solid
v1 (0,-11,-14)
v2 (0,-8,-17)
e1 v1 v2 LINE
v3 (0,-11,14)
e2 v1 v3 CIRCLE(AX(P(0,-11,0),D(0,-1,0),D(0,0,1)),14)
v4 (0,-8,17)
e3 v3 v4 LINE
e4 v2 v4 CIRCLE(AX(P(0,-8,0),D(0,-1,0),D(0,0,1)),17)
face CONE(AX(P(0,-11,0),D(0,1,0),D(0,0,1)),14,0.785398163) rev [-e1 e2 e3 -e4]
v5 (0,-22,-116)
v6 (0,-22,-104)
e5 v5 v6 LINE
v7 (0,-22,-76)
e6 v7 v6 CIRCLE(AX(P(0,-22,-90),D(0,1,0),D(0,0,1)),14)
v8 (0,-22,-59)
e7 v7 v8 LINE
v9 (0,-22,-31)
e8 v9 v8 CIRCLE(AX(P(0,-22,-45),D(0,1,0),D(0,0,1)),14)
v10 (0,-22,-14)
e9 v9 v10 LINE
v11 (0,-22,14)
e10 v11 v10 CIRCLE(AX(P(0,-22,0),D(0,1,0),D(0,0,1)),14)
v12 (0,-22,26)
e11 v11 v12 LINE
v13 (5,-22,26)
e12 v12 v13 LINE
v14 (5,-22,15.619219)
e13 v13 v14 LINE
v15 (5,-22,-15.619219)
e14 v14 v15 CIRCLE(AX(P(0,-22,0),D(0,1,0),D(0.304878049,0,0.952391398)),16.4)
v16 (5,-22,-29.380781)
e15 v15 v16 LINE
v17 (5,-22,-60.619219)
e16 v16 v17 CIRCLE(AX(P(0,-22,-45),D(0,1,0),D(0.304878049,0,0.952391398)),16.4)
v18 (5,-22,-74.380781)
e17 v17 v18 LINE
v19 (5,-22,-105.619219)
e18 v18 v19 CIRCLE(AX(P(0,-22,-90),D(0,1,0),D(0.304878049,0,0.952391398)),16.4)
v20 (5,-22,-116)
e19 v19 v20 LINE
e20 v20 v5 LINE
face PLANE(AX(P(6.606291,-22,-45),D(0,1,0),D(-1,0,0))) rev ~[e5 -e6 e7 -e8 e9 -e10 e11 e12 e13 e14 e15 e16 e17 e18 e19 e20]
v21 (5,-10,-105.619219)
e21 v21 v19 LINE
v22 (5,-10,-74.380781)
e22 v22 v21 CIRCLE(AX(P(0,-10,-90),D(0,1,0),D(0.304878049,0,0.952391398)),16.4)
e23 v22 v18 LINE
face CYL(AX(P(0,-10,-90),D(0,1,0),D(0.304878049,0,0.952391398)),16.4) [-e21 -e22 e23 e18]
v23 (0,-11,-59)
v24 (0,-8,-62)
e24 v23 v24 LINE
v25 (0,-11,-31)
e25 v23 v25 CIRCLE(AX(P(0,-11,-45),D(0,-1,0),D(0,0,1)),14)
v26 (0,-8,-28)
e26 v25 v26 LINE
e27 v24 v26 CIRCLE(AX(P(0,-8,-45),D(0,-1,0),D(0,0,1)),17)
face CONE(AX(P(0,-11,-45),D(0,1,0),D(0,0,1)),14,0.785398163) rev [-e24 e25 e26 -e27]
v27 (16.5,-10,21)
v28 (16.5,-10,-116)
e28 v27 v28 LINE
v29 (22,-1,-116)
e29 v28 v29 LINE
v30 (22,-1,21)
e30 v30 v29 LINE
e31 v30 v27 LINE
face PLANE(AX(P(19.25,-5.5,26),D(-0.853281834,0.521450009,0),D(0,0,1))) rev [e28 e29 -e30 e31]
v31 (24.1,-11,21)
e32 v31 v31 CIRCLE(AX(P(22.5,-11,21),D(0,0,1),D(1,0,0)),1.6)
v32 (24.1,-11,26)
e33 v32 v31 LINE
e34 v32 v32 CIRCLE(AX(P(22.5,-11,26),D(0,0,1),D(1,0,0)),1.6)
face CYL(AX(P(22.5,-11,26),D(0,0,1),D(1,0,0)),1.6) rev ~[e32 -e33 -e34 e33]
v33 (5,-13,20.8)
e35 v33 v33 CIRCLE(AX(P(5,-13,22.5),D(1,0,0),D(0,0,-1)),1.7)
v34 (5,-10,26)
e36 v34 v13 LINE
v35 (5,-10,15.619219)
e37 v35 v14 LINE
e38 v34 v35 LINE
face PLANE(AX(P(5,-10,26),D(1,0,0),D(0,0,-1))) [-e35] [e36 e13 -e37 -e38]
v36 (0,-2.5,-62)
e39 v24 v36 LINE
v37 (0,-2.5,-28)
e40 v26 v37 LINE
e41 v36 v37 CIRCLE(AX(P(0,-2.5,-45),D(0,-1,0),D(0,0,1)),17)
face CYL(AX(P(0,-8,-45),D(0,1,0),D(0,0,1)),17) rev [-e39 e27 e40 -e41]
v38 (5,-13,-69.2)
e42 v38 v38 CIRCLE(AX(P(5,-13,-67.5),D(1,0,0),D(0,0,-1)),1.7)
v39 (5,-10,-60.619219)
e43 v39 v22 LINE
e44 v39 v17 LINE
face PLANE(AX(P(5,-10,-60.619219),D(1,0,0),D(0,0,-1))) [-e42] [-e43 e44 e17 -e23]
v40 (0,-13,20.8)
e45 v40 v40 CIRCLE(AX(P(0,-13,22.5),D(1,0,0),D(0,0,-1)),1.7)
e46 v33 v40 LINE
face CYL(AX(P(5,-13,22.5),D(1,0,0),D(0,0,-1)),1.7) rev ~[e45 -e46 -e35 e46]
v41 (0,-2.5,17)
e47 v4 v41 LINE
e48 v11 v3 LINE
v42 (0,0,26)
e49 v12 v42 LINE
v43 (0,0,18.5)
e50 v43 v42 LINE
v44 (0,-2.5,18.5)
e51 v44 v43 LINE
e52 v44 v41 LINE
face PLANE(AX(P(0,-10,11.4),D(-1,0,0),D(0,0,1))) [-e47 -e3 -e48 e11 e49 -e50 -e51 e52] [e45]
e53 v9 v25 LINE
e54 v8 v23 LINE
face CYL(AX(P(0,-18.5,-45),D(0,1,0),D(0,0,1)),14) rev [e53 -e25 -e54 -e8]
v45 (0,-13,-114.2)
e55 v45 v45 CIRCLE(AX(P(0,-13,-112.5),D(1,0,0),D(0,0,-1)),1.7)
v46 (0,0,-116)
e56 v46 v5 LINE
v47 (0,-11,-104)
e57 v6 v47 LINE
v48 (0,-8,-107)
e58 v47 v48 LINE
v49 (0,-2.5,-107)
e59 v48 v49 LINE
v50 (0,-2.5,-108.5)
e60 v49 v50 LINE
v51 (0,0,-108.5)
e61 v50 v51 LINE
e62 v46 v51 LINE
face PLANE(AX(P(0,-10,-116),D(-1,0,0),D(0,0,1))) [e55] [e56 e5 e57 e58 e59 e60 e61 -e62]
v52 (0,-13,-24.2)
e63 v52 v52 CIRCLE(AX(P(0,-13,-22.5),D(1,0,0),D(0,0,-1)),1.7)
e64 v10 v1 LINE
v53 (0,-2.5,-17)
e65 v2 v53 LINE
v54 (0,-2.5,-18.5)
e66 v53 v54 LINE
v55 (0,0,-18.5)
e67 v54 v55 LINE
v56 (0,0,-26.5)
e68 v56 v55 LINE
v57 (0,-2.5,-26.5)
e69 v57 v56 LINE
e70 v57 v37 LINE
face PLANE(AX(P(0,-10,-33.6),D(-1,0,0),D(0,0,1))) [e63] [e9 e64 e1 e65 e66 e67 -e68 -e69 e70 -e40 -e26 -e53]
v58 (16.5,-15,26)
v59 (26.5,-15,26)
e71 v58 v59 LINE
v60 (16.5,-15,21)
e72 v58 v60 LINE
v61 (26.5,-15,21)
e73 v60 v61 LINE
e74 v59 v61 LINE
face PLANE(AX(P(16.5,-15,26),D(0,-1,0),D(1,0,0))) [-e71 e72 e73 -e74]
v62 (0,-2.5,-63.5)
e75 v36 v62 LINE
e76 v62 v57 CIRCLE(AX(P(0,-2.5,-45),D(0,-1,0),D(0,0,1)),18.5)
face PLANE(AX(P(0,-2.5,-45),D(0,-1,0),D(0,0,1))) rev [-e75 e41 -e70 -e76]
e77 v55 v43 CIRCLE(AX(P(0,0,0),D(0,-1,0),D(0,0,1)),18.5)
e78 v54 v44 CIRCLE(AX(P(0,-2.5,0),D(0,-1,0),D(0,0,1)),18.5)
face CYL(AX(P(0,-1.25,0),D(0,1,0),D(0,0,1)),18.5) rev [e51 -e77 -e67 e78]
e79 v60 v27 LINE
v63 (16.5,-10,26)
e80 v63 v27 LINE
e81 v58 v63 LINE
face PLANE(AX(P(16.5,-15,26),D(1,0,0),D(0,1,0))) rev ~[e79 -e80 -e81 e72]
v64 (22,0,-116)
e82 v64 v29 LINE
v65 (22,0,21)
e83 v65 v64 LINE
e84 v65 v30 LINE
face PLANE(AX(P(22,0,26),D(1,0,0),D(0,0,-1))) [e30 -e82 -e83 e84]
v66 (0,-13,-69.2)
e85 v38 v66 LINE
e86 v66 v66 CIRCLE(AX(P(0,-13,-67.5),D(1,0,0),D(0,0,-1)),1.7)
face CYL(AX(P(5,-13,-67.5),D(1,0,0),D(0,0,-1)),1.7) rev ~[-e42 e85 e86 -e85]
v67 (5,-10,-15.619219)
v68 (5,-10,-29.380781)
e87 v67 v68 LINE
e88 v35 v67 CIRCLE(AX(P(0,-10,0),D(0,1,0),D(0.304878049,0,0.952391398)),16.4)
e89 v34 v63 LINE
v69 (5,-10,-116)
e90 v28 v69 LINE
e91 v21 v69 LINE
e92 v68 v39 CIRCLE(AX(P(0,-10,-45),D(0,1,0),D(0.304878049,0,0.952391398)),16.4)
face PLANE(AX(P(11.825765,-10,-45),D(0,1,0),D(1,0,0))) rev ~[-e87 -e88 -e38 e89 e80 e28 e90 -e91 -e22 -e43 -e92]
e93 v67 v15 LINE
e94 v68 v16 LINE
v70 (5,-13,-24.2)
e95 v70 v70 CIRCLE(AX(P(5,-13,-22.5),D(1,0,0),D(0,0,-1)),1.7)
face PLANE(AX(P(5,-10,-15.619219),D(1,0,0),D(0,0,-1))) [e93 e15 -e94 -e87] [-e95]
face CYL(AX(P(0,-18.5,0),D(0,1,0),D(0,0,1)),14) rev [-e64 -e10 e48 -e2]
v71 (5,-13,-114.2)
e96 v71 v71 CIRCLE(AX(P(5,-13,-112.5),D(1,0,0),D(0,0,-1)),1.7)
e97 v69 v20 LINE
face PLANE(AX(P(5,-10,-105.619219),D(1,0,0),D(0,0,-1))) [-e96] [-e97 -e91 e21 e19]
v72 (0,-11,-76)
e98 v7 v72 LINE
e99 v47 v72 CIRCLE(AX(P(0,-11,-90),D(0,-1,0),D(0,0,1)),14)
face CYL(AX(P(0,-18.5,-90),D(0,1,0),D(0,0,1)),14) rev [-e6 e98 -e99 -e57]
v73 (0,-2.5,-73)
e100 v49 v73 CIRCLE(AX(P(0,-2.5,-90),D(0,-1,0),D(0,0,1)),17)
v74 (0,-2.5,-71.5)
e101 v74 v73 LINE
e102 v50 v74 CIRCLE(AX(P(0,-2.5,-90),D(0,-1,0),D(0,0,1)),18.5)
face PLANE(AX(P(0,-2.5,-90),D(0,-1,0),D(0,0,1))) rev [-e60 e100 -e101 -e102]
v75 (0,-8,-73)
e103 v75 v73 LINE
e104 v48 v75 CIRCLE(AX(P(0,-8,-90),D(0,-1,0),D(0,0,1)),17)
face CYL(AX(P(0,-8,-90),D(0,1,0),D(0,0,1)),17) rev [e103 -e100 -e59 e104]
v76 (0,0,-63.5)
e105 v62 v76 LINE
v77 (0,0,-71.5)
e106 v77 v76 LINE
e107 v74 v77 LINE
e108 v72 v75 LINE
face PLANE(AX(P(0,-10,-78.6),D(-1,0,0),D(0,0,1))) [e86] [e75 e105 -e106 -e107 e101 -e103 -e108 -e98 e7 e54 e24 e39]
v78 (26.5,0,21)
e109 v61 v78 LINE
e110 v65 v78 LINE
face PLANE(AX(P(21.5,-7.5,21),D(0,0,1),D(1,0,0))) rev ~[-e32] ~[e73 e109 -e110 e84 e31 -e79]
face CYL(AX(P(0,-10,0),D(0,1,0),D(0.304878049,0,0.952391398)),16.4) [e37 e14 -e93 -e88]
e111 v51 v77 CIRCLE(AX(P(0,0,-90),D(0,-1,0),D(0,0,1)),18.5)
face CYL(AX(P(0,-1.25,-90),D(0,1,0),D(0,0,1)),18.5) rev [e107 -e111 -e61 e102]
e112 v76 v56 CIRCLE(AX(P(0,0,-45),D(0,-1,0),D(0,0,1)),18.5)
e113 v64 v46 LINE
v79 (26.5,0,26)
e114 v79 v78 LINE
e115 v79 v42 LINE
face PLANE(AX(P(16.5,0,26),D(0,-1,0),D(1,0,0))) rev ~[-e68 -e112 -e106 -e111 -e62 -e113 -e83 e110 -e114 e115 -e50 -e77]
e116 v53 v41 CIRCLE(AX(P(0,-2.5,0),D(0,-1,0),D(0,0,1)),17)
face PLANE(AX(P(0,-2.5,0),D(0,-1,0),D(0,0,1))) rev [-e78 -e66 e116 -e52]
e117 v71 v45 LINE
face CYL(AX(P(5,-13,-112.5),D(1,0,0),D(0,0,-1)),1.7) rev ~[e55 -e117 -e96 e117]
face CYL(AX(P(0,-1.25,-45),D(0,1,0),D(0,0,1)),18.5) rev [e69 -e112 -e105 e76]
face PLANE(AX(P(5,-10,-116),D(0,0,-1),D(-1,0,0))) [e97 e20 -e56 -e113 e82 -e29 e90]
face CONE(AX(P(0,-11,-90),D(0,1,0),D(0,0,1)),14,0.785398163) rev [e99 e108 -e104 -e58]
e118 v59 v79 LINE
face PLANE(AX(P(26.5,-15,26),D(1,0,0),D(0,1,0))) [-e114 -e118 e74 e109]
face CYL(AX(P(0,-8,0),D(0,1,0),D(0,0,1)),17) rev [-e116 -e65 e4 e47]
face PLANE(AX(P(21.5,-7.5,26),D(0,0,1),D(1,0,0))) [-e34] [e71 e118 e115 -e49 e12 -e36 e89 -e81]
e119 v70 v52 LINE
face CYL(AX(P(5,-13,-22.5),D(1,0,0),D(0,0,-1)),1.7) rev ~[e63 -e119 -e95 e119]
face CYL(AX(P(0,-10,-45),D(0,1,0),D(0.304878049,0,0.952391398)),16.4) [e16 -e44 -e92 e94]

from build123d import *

# Parameters (mm, degrees)
BOSS_EXTRUDE1_DEPTH = 10
BOSS_EXTRUDE2_DEPTH = 12
CHAMFER2_SIZE       = 5.5
CHAMFER2_SIZE2      = 9
SKETCH6_W           = 14
SKETCH6_H           = 15
SKETCH6_W_2         = 17
SKETCH6_H_2         = 2.5
SKETCH6_W_3         = 1.5
LPATTERN3_COUNT     = 3
LPATTERN3_PITCH     = 45
SKETCH7_R           = 1.7
CUT_EXTRUDE1_DEPTH  = 10
LPATTERN4_COUNT     = 3
LPATTERN4_PITCH     = 45
LPATTERN5_COUNT     = 2
LPATTERN5_PITCH     = 45
SKETCH8_W           = 10
SKETCH8_H           = 15
SKETCH8_R           = 1.6
BOSS_EXTRUDE3_DEPTH = 5


with BuildPart() as part:
    # Sketch1 → Boss-Extrude1 (new body)
    with BuildSketch(Plane(origin=(0, 0, 0), x_dir=(1, 0, 0), z_dir=(0, 1, 0))):
        with BuildLine():
            Line((0, -11.4), (0, -26))
            Line((0, -26), (22, -26))
            Line((22, -26), (22, 116))
            Line((22, 116), (0, 116))
            Line((0, 116), (0, 101.4))
            ThreePointArc((0, 101.4), (11.4, 90), (0, 78.6))
            Line((0, 78.6), (0, 56.4))
            ThreePointArc((0, 56.4), (11.4, 45), (0, 33.6))
            Line((0, 33.6), (0, 11.4))
            ThreePointArc((0, 11.4), (11.4, 0), (0, -11.4))
        make_face()
    extrude(amount=-BOSS_EXTRUDE1_DEPTH)

    # Sketch3 → Boss-Extrude2 (add)
    with BuildSketch(Plane.XZ.offset(10)):
        with BuildLine():
            Line((0, -116), (0, -101.4))
            ThreePointArc((0, -101.4), (11.4, -90), (0, -78.6))
            Line((0, -78.6), (0, -56.4))
            ThreePointArc((0, -56.4), (11.4, -45), (0, -33.6))
            Line((0, -33.6), (0, -11.4))
            ThreePointArc((0, -11.4), (11.4, 0), (0, 11.4))
            Line((0, 11.4), (0, 26))
            Line((0, 26), (5, 26))
            Line((5, 26), (5, 15.619218931))
            ThreePointArc((5, 15.619218931), (16.4, 0), (5, -15.619218931))
            Line((5, -15.619218931), (5, -29.380781069))
            ThreePointArc((5, -29.380781069), (16.4, -45), (5, -60.619218931))
            Line((5, -60.619218931), (5, -74.380781069))
            ThreePointArc((5, -74.380781069), (16.4, -90), (5, -105.619218931))
            Line((5, -105.619218931), (5, -116))
            Line((5, -116), (0, -116))
        make_face()
    extrude(amount=BOSS_EXTRUDE2_DEPTH)

    # Chamfer2
    chamfer2_edges = [part.edges().sort_by_distance(p)[0] for p in [
        (22, -10, -45),
    ]]
    chamfer2_side = [part.faces().sort_by_distance(p)[0] for p in [
        (6.430139853, -10, 20.809609465),
    ]]
    chamfer(chamfer2_edges, length=CHAMFER2_SIZE, length2=CHAMFER2_SIZE2, reference=chamfer2_side[0])

    # Sketch6 → Cut-Revolve6 (revolve, cut)
    with BuildSketch(Plane.ZY):
        with Locations((-83, -18.5)):
            Rectangle(SKETCH6_W, SKETCH6_H)
        Polygon((-90, -11), (-76, -11), (-73, -8), (-73, -2.5), (-90, -2.5), align=None)
        with Locations((-81.5, -1.25)):
            Rectangle(SKETCH6_W_2, SKETCH6_H_2)
        with Locations((-72.25, -1.25)):
            Rectangle(SKETCH6_W_3, SKETCH6_H_2)
    cut_revolve6 = revolve(axis=Axis((0, 0, -90), (0, -1, 0)), mode=Mode.SUBTRACT)

    # LPattern3: Cut-Revolve6 ×3
    with Locations(*[(0, 0, i * LPATTERN3_PITCH) for i in range(1, LPATTERN3_COUNT)]):
        add(cut_revolve6, mode=Mode.SUBTRACT)

    # Sketch7 → Cut-Extrude1 (cut)
    with BuildSketch(Plane(origin=(5, 0, 0), x_dir=(0, 0, -1), z_dir=(1, 0, 0))):
        with Locations((67.5, -13)):
            Circle(SKETCH7_R)
    cut_extrude1 = extrude(amount=-CUT_EXTRUDE1_DEPTH, mode=Mode.SUBTRACT)

    # LPattern4: Cut-Extrude1 ×3
    with Locations(*[(0, 0, i * LPATTERN4_PITCH) for i in range(1, LPATTERN4_COUNT)]):
        add(cut_extrude1, mode=Mode.SUBTRACT)

    # LPattern5: Cut-Extrude1 ×2
    with Locations(*[(0, 0, -i * LPATTERN5_PITCH) for i in range(1, LPATTERN5_COUNT)]):
        add(cut_extrude1, mode=Mode.SUBTRACT)

    # Sketch8 → Boss-Extrude3 (add)
    with BuildSketch(Plane.XY.offset(26)):
        with Locations((21.5, -7.5)):
            Rectangle(SKETCH8_W, SKETCH8_H)
        with Locations((22.5, -11)):
            Circle(SKETCH8_R, mode=Mode.SUBTRACT)
    extrude(amount=-BOSS_EXTRUDE3_DEPTH)


solid = part.part
